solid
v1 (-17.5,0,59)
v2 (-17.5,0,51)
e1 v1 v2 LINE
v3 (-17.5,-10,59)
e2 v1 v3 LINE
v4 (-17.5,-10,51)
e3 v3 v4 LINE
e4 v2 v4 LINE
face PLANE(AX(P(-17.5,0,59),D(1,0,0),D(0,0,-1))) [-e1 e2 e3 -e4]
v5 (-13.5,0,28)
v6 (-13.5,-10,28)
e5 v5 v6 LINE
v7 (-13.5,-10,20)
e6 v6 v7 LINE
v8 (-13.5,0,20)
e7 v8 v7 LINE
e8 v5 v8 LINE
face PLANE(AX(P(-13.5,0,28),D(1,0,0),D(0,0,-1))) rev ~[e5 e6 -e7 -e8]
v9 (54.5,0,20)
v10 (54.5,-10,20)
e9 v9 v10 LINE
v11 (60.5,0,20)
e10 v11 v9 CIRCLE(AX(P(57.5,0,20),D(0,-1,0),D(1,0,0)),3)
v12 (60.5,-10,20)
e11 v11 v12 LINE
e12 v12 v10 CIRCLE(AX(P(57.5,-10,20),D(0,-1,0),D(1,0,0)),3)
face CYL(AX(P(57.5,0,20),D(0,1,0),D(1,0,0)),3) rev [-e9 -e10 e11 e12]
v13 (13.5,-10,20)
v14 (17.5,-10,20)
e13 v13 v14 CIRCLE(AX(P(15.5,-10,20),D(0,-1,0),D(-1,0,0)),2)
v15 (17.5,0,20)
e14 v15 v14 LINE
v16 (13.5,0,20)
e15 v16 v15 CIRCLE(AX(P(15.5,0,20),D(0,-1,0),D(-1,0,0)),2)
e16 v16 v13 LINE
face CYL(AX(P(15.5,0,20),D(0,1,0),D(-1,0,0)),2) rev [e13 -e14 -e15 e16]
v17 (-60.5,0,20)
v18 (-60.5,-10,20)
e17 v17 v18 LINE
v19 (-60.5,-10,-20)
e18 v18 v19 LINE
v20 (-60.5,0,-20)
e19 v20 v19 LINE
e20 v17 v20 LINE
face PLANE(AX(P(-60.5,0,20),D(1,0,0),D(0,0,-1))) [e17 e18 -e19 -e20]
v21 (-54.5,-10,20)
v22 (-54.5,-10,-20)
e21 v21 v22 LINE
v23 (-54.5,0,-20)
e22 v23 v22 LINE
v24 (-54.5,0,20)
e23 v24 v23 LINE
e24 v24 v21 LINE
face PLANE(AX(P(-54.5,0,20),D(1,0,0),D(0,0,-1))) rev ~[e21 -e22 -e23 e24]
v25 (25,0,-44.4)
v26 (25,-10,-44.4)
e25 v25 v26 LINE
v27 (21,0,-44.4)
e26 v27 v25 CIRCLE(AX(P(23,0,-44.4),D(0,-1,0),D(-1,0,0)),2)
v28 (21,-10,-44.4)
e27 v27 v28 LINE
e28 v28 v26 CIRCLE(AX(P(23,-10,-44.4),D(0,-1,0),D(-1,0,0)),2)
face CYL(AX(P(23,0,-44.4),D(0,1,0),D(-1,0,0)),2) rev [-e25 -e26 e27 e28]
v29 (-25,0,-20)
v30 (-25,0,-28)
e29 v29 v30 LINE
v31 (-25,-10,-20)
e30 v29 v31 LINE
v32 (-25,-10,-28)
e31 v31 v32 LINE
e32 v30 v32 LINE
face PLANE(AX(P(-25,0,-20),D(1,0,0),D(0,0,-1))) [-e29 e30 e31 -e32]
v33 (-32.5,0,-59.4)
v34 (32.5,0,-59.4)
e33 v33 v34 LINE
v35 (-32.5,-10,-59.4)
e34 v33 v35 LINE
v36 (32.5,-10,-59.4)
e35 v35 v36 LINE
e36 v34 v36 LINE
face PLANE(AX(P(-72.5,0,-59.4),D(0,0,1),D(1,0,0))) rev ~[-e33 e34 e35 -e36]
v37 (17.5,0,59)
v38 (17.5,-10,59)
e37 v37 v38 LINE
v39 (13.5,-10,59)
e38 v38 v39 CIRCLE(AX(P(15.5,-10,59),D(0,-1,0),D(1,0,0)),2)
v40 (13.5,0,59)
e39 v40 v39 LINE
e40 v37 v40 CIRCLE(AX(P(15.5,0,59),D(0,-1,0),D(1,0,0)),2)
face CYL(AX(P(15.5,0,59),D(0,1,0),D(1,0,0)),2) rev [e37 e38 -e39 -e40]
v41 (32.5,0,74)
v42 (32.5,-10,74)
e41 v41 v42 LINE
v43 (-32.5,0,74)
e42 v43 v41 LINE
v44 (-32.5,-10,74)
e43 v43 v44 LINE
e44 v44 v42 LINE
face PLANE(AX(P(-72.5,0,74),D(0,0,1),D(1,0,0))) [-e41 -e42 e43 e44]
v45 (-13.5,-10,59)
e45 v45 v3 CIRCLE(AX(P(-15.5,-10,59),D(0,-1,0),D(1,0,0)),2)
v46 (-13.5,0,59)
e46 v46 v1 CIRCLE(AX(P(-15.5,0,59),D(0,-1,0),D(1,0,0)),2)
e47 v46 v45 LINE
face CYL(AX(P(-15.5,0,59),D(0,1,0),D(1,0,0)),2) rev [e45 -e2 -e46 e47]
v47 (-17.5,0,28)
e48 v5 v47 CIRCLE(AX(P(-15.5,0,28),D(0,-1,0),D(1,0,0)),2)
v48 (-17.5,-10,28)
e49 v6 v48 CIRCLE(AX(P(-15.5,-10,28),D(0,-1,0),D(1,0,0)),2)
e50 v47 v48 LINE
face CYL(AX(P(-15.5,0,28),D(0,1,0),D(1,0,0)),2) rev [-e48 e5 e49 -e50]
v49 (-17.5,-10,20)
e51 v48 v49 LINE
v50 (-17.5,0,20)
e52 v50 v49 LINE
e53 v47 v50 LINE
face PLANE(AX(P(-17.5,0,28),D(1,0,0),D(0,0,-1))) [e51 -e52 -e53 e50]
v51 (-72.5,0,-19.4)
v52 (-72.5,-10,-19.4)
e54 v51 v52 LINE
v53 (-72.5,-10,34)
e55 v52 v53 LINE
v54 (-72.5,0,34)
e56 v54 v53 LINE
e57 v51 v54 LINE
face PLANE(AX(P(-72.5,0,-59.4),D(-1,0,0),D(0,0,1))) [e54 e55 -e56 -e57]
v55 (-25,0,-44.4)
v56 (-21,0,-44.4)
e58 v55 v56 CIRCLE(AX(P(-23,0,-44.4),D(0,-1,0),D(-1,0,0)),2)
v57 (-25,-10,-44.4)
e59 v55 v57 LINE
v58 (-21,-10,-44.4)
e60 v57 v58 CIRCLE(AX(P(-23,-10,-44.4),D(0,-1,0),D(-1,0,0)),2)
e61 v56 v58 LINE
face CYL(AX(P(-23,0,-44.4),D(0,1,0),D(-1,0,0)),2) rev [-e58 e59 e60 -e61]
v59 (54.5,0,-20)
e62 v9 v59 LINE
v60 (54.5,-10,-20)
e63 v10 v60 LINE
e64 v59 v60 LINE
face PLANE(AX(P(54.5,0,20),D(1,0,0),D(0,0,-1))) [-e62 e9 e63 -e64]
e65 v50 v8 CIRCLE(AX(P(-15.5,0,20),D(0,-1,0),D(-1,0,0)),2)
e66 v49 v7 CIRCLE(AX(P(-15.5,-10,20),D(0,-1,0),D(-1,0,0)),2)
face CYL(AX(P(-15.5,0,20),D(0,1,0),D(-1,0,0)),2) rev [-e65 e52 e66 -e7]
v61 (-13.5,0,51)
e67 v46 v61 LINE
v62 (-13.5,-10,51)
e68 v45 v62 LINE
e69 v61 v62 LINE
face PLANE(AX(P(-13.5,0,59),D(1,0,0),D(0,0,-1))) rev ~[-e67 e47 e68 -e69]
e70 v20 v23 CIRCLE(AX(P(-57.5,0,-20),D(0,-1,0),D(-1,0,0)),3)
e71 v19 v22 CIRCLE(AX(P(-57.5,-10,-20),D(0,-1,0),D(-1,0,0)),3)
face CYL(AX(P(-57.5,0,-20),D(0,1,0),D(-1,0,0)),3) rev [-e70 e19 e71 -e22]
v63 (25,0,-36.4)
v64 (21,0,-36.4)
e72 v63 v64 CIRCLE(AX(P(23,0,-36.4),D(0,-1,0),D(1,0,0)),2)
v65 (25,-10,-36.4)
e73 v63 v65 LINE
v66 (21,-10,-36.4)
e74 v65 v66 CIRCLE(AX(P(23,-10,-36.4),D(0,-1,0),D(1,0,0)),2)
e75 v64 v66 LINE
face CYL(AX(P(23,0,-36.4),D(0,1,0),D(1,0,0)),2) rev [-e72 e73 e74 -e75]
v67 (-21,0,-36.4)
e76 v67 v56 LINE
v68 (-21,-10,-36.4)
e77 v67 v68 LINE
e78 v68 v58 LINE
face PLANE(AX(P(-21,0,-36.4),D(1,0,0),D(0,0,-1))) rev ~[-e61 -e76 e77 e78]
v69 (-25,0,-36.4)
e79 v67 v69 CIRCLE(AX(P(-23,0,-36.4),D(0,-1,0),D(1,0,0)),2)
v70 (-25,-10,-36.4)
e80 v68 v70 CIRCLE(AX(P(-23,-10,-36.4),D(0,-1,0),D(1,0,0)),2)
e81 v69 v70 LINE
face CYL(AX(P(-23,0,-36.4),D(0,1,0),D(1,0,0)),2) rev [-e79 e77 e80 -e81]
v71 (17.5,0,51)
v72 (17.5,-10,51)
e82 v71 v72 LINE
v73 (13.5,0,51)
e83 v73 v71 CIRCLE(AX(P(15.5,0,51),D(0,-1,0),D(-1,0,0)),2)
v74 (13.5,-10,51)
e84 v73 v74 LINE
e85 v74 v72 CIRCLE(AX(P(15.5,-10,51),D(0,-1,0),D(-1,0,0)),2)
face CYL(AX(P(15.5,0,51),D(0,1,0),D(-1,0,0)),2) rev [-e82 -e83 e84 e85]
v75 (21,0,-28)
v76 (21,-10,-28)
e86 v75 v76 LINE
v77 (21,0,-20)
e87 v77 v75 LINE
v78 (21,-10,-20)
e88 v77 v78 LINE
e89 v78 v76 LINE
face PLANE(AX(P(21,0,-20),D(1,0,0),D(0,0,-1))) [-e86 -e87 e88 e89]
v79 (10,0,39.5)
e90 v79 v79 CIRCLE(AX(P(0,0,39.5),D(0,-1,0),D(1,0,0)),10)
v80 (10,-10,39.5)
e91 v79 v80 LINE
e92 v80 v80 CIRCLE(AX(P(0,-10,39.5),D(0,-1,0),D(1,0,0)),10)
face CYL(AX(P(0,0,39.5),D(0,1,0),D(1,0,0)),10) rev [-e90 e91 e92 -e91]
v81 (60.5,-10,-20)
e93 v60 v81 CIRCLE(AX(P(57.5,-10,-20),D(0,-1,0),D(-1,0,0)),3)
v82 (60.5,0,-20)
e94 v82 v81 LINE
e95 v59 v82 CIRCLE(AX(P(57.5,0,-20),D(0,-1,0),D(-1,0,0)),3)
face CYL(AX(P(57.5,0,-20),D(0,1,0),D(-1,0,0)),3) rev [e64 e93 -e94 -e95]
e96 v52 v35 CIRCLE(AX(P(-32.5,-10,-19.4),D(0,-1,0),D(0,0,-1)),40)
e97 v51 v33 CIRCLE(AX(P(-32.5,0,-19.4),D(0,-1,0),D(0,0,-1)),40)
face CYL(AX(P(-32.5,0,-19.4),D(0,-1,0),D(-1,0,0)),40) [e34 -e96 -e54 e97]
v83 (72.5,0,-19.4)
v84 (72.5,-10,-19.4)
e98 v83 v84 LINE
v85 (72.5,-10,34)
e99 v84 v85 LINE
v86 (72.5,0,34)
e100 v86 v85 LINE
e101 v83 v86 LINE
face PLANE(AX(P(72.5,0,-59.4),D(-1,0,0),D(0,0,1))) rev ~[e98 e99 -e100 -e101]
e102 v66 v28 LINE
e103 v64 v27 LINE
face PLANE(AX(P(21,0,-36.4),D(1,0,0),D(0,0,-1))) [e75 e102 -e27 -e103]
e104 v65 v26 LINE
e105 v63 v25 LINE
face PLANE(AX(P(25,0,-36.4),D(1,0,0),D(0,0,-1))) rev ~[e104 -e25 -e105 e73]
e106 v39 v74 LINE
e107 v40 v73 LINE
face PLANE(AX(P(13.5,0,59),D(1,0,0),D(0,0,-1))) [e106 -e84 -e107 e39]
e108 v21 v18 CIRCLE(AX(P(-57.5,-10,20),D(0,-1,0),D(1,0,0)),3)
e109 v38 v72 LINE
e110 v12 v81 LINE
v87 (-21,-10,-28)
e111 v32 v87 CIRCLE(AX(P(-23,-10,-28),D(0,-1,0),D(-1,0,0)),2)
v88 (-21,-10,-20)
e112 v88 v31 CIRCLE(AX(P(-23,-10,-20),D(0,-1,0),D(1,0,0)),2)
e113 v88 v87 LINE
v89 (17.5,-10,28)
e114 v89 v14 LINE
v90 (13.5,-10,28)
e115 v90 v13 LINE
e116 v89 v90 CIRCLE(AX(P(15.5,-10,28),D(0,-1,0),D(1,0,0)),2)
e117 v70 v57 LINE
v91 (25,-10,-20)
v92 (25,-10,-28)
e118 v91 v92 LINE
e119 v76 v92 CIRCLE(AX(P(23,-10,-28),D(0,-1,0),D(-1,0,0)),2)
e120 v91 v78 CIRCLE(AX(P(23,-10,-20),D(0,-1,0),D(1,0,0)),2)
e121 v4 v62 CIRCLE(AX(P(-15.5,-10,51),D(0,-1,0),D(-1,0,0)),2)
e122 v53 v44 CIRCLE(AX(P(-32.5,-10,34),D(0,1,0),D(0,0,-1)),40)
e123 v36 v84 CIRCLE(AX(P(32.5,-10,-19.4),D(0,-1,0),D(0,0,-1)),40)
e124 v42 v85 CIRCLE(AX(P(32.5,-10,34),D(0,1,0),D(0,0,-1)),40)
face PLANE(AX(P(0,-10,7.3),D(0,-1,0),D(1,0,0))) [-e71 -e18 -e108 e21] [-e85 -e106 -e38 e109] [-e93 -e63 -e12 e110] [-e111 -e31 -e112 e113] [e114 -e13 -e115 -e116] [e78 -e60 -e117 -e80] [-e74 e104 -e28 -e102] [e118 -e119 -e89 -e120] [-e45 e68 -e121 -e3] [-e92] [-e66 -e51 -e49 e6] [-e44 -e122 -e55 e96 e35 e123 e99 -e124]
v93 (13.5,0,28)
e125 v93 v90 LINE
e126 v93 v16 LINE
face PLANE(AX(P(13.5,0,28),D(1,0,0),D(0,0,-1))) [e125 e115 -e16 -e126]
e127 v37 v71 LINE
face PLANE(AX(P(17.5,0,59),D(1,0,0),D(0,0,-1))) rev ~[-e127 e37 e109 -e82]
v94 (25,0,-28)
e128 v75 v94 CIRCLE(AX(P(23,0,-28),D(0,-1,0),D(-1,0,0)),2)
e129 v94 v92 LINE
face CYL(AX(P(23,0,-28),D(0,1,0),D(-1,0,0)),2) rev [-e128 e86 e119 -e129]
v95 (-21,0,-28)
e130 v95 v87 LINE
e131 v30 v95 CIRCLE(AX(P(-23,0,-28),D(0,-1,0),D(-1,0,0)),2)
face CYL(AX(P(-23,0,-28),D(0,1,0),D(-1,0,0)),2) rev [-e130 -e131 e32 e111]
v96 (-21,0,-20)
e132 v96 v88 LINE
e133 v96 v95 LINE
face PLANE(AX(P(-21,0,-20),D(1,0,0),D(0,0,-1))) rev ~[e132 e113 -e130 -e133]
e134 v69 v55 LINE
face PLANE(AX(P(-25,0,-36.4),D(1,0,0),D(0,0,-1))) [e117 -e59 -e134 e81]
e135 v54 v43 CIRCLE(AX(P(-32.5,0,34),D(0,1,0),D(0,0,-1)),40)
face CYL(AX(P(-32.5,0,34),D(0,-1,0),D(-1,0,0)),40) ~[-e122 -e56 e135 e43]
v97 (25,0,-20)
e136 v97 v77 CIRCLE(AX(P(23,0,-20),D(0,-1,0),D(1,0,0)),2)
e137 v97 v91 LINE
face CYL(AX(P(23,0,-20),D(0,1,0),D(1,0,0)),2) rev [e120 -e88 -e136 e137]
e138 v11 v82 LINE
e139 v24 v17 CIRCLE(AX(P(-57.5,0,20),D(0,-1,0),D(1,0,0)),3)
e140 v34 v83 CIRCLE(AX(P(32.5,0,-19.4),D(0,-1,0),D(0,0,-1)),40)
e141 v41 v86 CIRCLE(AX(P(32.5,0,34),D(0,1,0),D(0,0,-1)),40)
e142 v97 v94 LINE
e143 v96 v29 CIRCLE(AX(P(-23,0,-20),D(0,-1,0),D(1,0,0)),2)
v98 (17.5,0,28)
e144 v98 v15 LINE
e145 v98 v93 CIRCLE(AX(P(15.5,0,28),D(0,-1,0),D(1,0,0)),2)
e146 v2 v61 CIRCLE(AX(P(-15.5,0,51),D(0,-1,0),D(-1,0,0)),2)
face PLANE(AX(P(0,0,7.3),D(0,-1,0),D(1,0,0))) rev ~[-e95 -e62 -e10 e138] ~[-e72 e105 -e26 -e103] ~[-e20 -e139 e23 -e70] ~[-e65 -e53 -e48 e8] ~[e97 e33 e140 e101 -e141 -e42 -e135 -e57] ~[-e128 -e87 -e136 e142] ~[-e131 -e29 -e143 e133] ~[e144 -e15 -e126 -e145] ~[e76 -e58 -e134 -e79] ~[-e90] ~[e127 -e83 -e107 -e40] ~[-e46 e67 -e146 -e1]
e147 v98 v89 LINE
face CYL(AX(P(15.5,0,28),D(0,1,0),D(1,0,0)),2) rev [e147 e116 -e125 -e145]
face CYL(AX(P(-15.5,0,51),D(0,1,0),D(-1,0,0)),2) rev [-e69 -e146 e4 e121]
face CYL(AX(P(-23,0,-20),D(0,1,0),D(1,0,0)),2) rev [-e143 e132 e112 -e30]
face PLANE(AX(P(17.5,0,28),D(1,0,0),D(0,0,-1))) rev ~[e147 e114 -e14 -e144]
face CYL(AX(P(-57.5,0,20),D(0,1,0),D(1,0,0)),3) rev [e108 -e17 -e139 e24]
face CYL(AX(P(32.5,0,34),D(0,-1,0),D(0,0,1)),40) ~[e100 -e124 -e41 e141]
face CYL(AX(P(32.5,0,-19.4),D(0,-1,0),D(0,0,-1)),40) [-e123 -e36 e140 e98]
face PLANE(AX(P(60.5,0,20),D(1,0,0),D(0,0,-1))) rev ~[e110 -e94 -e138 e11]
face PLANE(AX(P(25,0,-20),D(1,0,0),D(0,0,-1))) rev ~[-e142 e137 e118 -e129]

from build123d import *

# Parameters (mm, degrees)
SKETCH_W  = 145
SKETCH_H  = 133.4
SKETCH_R  = 10
PAD_DEPTH = 10
FILLET_R  = 40


with BuildPart() as part:
    # Sketch → Pad (new body)
    with BuildSketch(Plane.XZ):
        with Locations((0, 7.3)):
            Rectangle(SKETCH_W, SKETCH_H)
        with Locations((0, 39.5)):
            Circle(SKETCH_R, mode=Mode.SUBTRACT)
        with BuildLine():
            ThreePointArc((-13.5, 59), (-15.5, 61), (-17.5, 59))
            Line((-17.5, 59), (-17.5, 51))
            ThreePointArc((-17.5, 51), (-15.5, 49), (-13.5, 51))
            Line((-13.5, 59), (-13.5, 51))
        make_face(mode=Mode.SUBTRACT)
        with BuildLine():
            ThreePointArc((17.5, 59), (15.5, 61), (13.5, 59))
            Line((13.5, 59), (13.5, 51))
            ThreePointArc((13.5, 51), (15.5, 49), (17.5, 51))
            Line((17.5, 59), (17.5, 51))
        make_face(mode=Mode.SUBTRACT)
        with BuildLine():
            ThreePointArc((-13.5, 28), (-15.5, 30), (-17.5, 28))
            Line((-17.5, 28), (-17.5, 20))
            ThreePointArc((-17.5, 20), (-15.5, 18), (-13.5, 20))
            Line((-13.5, 28), (-13.5, 20))
        make_face(mode=Mode.SUBTRACT)
        with BuildLine():
            ThreePointArc((17.5, 28), (15.5, 30), (13.5, 28))
            Line((13.5, 28), (13.5, 20))
            ThreePointArc((13.5, 20), (15.5, 18), (17.5, 20))
            Line((17.5, 28), (17.5, 20))
        make_face(mode=Mode.SUBTRACT)
        with BuildLine():
            ThreePointArc((-21, -20), (-23, -18), (-25, -20))
            Line((-25, -20), (-25, -28))
            ThreePointArc((-25, -28), (-23, -30), (-21, -28))
            Line((-21, -20), (-21, -28))
        make_face(mode=Mode.SUBTRACT)
        with BuildLine():
            ThreePointArc((25, -20), (23, -18), (21, -20))
            Line((21, -20), (21, -28))
            ThreePointArc((21, -28), (23, -30), (25, -28))
            Line((25, -20), (25, -28))
        make_face(mode=Mode.SUBTRACT)
        with BuildLine():
            ThreePointArc((-21, -36.4), (-23, -34.4), (-25, -36.4))
            Line((-25, -36.4), (-25, -44.4))
            ThreePointArc((-25, -44.4), (-23, -46.4), (-21, -44.4))
            Line((-21, -36.4), (-21, -44.4))
        make_face(mode=Mode.SUBTRACT)
        with BuildLine():
            ThreePointArc((25, -36.4), (23, -34.4), (21, -36.4))
            Line((21, -36.4), (21, -44.4))
            ThreePointArc((21, -44.4), (23, -46.4), (25, -44.4))
            Line((25, -36.4), (25, -44.4))
        make_face(mode=Mode.SUBTRACT)
        with BuildLine():
            ThreePointArc((-54.5, 20), (-57.5, 23), (-60.5, 20))
            Line((-60.5, 20), (-60.5, -20))
            ThreePointArc((-60.5, -20), (-57.5, -23), (-54.5, -20))
            Line((-54.5, 20), (-54.5, -20))
        make_face(mode=Mode.SUBTRACT)
        with BuildLine():
            ThreePointArc((60.5, 20), (57.5, 23), (54.5, 20))
            Line((54.5, 20), (54.5, -20))
            ThreePointArc((54.5, -20), (57.5, -23), (60.5, -20))
            Line((60.5, 20), (60.5, -20))
        make_face(mode=Mode.SUBTRACT)
    extrude(amount=PAD_DEPTH)

    # Fillet
    fillet_edges = [part.edges().sort_by_distance(p)[0] for p in [
        (-72.5, -5, 74),
        (72.5, -5, 74),
        (72.5, -5, -59.4),
        (-72.5, -5, -59.4),
    ]]
    fillet(fillet_edges, radius=FILLET_R)


solid = part.part
